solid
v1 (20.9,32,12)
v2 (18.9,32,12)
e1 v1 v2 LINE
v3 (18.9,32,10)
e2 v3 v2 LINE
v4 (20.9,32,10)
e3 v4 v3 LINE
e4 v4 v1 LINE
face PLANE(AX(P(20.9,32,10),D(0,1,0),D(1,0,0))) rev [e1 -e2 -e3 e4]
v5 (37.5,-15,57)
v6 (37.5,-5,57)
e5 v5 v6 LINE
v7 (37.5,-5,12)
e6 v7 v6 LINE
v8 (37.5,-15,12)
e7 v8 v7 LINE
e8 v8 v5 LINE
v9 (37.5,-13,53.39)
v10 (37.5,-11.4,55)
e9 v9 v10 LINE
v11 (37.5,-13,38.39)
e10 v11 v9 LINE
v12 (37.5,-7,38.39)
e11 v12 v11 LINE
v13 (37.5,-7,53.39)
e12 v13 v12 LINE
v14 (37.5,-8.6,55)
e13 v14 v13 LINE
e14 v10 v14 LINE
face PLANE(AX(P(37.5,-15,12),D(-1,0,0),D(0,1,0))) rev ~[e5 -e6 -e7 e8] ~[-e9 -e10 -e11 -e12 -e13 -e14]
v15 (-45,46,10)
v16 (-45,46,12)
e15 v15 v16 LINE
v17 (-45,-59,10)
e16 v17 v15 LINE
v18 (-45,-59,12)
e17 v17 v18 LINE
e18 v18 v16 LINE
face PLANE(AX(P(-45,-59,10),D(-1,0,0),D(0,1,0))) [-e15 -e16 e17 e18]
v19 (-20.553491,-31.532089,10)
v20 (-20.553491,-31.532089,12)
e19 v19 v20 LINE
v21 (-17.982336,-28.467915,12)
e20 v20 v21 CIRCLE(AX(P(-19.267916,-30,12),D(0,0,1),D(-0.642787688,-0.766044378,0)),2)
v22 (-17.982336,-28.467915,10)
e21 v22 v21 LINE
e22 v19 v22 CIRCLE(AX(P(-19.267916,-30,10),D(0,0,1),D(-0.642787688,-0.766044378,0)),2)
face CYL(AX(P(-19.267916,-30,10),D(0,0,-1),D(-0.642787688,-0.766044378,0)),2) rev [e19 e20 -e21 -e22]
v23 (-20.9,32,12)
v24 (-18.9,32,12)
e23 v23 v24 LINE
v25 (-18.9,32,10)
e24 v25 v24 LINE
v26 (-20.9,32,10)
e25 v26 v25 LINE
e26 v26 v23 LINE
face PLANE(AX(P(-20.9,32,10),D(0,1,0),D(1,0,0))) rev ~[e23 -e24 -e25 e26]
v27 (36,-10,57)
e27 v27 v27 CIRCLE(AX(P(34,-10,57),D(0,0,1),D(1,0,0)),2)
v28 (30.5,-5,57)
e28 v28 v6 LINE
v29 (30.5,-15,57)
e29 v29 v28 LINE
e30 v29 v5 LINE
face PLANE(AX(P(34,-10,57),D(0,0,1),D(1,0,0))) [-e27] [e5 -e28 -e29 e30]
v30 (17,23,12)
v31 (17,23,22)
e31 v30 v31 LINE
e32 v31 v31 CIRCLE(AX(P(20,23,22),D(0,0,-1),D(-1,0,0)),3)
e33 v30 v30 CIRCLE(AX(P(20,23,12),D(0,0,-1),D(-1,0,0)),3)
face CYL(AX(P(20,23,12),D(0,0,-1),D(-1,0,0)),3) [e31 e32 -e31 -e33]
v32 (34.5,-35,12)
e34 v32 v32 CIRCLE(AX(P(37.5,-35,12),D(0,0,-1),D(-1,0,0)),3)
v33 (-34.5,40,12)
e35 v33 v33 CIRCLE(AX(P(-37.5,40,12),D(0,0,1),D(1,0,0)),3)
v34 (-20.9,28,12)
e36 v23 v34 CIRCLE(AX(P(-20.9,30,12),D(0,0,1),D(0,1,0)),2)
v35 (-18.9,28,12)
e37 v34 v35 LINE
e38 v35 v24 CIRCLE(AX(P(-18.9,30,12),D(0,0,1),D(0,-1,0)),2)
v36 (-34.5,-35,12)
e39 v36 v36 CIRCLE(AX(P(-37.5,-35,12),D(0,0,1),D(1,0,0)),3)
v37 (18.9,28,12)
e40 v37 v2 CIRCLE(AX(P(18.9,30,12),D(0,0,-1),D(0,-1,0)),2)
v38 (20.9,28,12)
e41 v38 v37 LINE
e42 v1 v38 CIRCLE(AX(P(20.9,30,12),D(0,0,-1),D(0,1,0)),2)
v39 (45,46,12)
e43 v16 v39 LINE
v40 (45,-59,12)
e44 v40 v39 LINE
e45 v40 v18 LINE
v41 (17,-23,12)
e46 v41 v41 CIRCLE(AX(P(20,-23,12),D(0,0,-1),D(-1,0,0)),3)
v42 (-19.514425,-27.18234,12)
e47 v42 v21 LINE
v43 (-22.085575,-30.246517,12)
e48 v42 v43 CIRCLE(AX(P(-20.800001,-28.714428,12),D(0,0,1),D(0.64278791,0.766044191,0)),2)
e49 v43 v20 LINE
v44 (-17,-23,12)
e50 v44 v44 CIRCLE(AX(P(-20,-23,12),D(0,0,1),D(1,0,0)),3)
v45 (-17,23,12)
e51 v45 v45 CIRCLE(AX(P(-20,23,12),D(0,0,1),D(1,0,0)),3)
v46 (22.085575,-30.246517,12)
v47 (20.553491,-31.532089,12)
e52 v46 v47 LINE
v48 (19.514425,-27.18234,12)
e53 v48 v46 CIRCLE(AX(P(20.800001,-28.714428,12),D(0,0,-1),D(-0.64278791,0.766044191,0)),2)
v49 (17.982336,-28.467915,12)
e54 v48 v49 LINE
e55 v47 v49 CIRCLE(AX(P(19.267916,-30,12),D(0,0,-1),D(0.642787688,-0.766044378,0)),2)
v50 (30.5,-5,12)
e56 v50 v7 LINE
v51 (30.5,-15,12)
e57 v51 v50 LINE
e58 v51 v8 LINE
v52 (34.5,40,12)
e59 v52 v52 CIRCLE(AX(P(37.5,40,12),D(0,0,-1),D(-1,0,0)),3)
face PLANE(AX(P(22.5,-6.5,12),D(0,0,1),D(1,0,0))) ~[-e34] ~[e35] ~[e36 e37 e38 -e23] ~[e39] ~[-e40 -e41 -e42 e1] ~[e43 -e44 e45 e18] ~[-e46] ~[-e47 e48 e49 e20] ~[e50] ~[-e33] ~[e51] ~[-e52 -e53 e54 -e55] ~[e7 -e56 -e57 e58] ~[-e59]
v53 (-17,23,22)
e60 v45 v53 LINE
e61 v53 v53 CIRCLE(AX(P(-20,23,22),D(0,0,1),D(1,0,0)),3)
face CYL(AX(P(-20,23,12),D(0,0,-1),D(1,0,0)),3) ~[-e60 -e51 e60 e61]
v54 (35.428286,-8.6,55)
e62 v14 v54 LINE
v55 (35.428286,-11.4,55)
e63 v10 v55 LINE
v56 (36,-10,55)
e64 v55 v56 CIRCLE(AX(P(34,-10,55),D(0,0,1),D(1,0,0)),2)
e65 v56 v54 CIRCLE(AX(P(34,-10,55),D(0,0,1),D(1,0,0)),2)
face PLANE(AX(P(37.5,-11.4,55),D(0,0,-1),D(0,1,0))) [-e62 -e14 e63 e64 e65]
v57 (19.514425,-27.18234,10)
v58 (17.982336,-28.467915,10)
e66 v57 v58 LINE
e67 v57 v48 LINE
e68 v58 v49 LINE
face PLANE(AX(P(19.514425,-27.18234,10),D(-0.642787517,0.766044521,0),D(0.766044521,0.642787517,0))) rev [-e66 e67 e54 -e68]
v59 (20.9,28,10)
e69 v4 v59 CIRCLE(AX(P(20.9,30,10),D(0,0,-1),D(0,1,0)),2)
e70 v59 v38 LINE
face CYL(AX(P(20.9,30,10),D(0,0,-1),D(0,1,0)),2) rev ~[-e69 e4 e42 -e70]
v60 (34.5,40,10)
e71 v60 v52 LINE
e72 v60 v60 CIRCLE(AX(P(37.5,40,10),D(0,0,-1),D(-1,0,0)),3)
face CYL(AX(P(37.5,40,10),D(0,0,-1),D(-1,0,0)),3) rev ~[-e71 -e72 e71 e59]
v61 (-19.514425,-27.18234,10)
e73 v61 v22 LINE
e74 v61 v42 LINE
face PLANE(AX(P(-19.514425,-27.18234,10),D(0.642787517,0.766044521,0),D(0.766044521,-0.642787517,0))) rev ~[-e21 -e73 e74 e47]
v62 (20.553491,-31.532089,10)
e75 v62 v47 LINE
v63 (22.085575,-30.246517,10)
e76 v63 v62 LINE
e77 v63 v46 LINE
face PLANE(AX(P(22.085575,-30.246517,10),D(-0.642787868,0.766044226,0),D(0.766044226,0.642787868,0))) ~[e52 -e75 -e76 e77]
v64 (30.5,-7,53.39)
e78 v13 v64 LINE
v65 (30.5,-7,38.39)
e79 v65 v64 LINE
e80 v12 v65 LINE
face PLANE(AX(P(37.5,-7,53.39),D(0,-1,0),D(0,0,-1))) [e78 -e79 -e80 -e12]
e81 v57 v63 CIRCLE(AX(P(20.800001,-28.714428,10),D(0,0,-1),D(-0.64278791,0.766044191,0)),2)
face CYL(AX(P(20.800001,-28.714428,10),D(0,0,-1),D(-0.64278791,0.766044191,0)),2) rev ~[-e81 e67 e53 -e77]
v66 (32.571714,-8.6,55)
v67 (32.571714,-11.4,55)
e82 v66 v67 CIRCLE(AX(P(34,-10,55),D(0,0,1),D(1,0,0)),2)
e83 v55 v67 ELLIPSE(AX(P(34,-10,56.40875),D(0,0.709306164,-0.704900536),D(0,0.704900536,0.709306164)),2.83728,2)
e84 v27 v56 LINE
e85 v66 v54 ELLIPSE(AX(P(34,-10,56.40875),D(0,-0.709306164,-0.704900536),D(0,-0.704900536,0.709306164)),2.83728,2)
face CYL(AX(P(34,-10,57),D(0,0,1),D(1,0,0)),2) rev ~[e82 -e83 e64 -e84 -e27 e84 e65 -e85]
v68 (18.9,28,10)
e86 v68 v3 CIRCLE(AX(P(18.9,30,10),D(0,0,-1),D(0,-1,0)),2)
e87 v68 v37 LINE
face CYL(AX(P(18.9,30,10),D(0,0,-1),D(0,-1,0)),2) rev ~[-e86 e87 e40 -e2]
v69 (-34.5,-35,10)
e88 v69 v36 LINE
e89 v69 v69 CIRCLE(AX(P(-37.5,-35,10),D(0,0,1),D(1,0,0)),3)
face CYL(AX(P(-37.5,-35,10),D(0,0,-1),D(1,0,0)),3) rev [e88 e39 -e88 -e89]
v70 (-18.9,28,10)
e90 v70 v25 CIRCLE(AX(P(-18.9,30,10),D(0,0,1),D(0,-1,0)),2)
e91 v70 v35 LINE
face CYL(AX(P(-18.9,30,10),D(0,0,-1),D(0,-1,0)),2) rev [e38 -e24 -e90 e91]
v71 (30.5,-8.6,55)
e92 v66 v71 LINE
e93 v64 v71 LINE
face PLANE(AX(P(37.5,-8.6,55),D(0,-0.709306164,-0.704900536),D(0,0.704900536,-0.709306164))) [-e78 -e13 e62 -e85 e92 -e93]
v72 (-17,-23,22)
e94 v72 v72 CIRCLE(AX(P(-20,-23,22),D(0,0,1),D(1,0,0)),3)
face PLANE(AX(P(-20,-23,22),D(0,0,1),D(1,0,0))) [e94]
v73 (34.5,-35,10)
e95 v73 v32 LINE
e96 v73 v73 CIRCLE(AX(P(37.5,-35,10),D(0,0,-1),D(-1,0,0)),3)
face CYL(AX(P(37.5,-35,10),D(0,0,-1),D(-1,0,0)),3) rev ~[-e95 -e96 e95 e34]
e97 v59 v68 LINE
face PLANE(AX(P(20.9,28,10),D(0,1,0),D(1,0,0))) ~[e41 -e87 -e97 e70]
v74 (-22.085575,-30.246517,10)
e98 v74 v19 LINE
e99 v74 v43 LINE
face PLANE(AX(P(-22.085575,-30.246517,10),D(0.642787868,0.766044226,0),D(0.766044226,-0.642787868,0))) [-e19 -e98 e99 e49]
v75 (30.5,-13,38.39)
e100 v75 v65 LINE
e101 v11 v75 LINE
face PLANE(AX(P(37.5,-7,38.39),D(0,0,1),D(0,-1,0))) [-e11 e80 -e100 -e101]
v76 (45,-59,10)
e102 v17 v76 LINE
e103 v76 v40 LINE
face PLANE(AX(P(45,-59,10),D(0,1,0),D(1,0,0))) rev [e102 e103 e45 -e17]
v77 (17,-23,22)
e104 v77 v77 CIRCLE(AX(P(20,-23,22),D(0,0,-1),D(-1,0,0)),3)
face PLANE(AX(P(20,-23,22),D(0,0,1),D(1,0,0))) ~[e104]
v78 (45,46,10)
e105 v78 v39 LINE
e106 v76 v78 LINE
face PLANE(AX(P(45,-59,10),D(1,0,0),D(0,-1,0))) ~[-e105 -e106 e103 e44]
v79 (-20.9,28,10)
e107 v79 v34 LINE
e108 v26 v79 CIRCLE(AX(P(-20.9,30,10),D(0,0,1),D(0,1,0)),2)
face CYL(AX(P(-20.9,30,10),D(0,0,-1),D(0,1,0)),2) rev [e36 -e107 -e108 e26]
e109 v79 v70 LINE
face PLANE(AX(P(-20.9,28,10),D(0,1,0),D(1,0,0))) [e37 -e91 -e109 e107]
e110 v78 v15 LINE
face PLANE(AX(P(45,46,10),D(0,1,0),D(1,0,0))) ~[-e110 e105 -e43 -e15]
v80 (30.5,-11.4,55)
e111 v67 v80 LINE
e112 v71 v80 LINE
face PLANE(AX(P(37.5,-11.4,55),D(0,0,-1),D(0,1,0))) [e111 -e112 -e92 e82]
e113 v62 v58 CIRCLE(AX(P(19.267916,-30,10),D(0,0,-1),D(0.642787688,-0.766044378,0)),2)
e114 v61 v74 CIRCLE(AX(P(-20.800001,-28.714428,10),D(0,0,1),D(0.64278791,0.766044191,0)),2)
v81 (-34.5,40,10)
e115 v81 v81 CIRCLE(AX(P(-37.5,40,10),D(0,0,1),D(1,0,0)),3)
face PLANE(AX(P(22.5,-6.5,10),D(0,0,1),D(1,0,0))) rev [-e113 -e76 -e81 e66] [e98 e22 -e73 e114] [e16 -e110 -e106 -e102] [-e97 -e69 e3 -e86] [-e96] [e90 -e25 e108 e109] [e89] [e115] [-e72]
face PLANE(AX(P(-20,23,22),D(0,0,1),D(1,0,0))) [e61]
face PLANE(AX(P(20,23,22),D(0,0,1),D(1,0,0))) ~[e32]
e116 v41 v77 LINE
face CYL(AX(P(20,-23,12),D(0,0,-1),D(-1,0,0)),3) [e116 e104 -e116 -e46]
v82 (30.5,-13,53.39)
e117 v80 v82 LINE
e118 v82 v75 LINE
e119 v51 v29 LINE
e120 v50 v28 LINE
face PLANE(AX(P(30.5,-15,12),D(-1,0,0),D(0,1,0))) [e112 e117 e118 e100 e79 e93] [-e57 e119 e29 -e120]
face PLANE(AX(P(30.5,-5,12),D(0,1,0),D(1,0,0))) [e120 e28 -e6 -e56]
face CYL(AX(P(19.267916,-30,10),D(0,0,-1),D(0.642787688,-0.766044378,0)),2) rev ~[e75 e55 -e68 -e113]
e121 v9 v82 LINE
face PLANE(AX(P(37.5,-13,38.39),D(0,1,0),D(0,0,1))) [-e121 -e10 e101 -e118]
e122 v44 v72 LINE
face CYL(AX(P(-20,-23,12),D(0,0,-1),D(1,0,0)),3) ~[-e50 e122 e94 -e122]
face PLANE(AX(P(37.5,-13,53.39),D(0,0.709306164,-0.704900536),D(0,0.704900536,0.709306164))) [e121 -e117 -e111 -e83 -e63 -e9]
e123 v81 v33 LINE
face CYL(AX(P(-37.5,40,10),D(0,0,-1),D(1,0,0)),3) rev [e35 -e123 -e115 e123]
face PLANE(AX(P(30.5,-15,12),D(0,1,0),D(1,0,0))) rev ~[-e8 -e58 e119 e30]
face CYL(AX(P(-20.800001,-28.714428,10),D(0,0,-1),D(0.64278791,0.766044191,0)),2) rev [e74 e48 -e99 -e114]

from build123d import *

# Parameters (mm, degrees)
SKETCH001_W     = 45
SKETCH001_H     = 105
SKETCH001_R     = 3
PAD_DEPTH       = 2
SKETCH_R        = 3
PAD001_DEPTH    = 10
SKETCH004_W     = 7
SKETCH004_H     = 10
PAD003_DEPTH    = 45
POCKET001_DEPTH = 82.501
SKETCH006_R     = 2
POCKET002_DEPTH = 5


with BuildPart() as part:
    # Sketch001 → Pad (new body)
    with BuildSketch(Plane.XY.offset(10)):
        with Locations((-22.5, -6.5)):
            Rectangle(SKETCH001_W, SKETCH001_H)
        with Locations((-37.5, 40)):
            Circle(SKETCH001_R, mode=Mode.SUBTRACT)
        with Locations((-37.5, -35)):
            Circle(SKETCH001_R, mode=Mode.SUBTRACT)
        with BuildLine():
            ThreePointArc((-20.9, 32), (-22.9, 30), (-20.9, 28))
            Line((-20.9, 28), (-18.9, 28))
            ThreePointArc((-18.9, 28), (-16.9, 30), (-18.9, 32))
            Line((-20.9, 32), (-18.9, 32))
        make_face(mode=Mode.SUBTRACT)
        with BuildLine():
            ThreePointArc((-19.514425, -27.18234), (-22.332089, -27.428853), (-22.085575, -30.246517))
            Line((-22.085575, -30.246517), (-20.553491, -31.532089))
            ThreePointArc((-20.553491, -31.532089), (-17.735828, -31.285577), (-17.982336, -28.467915))
            Line((-19.514425, -27.18234), (-17.982336, -28.467915))
        make_face(mode=Mode.SUBTRACT)
    pad = extrude(amount=PAD_DEPTH)

    # Sketch (on Face16 of Pad) → Pad001 (join)
    with BuildSketch(Plane.XY.offset(12)):
        with Locations((-20, -23)):
            Circle(SKETCH_R)
        with Locations((-20, 23)):
            Circle(SKETCH_R)
    pad001 = extrude(amount=PAD001_DEPTH)

    # Mirrored: Pad across Sketch001 V_Axis
    add(pad.mirror(Plane(origin=(0, 0, 10), x_dir=(0, 0, 1), z_dir=(1, 0, 0))))

    # Mirrored001: Pad001 across Sketch V_Axis
    add(pad001.mirror(Plane(origin=(0, 0, 12), x_dir=(0, 0, 1), z_dir=(1, 0, 0))))

    # Sketch004 → Pad003 (join)
    with BuildSketch(Plane.XY.offset(12)):
        with Locations((34, -10)):
            Rectangle(SKETCH004_W, SKETCH004_H)
    extrude(amount=PAD003_DEPTH)

    # Sketch005 (on Face36 of Pad003) → Pocket001 (cut, through all)
    with BuildSketch(Plane(origin=(37.5, 0, 10), x_dir=(0, 1, 0), z_dir=(1, 0, 0))):
        Polygon((-7, 28.39), (-13, 28.39), (-13, 43.39), (-11.4, 45), (-8.6, 45), (-7, 43.39), align=None)
    extrude(amount=-POCKET001_DEPTH, mode=Mode.SUBTRACT)

    # Sketch006 (on Face42 of Pocket001) → Pocket002 (cut)
    with BuildSketch(Plane.XY.offset(57)):
        with Locations((34, -10)):
            Circle(SKETCH006_R)
    extrude(amount=-POCKET002_DEPTH, mode=Mode.SUBTRACT)


solid = part.part
